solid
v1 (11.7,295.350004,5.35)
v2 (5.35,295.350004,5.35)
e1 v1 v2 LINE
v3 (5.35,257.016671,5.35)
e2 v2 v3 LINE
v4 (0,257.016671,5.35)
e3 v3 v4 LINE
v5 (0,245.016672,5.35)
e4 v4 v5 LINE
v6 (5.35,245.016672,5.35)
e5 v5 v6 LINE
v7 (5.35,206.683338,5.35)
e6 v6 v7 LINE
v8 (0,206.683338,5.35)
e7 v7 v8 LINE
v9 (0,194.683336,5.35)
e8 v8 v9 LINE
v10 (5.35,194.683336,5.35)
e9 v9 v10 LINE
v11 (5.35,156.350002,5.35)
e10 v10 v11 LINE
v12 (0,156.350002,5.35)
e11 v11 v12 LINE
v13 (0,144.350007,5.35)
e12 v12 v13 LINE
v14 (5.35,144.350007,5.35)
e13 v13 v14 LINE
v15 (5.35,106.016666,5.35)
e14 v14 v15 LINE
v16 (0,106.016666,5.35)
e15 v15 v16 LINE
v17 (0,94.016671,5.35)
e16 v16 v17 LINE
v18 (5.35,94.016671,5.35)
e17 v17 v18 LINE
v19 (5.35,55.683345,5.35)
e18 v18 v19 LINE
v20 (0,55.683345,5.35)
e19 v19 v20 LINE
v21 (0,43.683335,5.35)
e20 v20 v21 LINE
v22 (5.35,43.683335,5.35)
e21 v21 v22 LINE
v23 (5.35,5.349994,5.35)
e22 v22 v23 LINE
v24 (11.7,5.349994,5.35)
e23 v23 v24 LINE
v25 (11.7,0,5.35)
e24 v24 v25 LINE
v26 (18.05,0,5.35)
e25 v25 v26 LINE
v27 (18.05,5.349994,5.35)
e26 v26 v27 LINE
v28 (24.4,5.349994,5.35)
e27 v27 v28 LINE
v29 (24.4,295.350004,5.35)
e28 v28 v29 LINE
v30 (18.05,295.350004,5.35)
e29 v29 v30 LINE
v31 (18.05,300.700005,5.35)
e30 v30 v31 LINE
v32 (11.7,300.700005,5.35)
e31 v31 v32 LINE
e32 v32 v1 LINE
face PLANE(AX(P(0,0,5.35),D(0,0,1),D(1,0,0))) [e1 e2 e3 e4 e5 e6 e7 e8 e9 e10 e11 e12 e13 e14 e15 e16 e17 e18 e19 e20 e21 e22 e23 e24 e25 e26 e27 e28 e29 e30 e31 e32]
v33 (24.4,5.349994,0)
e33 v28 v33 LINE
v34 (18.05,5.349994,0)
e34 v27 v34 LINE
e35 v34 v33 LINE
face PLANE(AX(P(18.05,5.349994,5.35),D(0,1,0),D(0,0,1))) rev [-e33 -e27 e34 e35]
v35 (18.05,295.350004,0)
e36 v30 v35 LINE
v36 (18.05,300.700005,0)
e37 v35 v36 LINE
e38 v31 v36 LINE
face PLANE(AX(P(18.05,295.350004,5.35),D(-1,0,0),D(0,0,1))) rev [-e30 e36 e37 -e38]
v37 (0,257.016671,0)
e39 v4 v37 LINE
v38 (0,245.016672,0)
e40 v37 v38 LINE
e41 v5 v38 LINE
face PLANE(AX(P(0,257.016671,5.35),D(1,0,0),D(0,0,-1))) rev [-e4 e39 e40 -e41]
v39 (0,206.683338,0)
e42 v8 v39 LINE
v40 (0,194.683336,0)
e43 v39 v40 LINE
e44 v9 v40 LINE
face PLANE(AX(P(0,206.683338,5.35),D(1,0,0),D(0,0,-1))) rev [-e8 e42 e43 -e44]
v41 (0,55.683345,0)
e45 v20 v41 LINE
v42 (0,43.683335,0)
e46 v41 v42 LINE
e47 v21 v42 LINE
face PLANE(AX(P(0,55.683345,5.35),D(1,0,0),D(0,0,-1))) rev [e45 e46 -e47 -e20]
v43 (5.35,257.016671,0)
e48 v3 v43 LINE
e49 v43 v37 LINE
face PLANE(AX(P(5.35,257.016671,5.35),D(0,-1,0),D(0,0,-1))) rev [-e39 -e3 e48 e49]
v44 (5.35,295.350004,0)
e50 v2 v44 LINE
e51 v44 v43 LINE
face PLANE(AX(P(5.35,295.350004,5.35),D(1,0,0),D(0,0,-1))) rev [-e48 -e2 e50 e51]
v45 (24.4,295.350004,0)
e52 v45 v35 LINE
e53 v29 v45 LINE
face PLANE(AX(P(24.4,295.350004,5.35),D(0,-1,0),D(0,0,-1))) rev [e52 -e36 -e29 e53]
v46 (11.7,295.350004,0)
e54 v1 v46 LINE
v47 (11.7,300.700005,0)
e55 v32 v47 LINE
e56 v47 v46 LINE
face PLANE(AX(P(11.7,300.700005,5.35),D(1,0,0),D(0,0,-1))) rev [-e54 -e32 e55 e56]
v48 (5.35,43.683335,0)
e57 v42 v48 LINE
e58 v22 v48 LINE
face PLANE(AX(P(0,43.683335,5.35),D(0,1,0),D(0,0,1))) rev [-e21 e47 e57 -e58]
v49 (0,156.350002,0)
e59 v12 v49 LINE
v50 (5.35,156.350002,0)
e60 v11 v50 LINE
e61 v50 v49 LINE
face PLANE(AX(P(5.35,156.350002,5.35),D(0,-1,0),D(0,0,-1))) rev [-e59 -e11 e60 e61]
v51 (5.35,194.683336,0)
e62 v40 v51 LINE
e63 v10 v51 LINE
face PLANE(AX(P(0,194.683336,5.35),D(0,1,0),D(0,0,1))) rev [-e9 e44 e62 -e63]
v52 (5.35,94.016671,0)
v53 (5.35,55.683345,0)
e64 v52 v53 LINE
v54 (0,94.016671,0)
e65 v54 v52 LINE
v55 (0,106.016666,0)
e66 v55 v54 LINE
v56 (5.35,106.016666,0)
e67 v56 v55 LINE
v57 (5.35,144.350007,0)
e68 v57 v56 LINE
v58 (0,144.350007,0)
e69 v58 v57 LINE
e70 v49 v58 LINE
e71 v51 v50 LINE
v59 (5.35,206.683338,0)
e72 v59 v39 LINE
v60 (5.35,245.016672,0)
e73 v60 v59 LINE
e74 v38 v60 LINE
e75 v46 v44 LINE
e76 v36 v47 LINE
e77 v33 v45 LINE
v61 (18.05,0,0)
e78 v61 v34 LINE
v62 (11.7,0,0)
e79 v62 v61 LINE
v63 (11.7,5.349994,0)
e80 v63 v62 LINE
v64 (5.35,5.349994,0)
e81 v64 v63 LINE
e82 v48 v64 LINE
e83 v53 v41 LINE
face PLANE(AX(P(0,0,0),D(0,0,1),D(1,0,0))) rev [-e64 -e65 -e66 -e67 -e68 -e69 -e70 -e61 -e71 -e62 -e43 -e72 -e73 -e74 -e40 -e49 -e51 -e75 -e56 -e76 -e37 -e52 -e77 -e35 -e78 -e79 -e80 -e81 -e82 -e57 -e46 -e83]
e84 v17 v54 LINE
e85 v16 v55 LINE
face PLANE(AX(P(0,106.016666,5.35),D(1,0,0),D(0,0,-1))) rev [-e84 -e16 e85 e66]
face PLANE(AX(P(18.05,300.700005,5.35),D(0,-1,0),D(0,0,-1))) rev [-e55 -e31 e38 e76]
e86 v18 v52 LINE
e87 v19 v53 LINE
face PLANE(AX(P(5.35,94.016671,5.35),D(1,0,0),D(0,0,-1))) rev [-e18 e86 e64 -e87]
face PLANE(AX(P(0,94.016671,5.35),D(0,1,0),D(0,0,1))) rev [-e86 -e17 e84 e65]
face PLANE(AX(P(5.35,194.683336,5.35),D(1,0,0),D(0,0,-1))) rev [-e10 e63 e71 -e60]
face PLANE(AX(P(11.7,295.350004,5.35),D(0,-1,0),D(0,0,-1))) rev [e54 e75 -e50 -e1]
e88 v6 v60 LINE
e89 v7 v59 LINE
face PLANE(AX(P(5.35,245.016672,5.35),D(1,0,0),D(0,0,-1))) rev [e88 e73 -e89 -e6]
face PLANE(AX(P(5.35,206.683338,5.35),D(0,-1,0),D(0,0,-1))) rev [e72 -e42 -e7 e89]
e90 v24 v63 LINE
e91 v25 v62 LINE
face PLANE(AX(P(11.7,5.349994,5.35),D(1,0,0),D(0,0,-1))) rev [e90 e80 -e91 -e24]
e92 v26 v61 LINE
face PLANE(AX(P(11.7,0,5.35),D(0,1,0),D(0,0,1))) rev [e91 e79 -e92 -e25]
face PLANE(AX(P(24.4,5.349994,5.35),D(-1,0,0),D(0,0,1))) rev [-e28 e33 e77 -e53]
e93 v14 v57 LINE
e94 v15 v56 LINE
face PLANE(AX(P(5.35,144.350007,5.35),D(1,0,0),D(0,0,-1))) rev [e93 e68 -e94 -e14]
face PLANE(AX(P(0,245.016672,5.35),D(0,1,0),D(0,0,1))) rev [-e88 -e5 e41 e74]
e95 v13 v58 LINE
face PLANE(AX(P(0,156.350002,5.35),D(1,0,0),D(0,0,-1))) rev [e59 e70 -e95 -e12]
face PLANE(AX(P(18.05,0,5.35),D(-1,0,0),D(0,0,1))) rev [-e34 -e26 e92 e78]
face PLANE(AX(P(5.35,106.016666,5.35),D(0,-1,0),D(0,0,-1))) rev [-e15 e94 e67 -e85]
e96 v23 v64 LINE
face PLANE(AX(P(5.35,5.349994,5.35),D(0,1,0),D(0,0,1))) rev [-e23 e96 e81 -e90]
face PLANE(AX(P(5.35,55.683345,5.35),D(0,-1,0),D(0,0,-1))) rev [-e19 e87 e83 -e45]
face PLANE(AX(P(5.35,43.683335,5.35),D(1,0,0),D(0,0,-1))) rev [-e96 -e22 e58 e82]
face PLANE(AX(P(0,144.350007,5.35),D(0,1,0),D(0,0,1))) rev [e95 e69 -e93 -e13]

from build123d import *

# Parameters (mm, degrees)
BOSS_EXTRUDE1_DEPTH = 5.35


with BuildPart() as part:
    # Model → Boss-Extrude1 (new body)
    with BuildSketch(Plane.XY):
        Polygon((24.40000046, 295.350003988), (18.050000072, 295.350003988), (18.050000072, 300.700005144), (11.700000148, 300.700005144), (11.700000148, 295.350003988), (5.350000225, 295.350003988), (5.350000225, 257.016671356), (0, 257.016671356), (0, 245.016671717), (5.350000225, 245.016671717), (5.350000225, 206.683337688), (0, 206.683337688), (0, 194.683335722), (5.350000225, 194.683335722), (5.350000225, 156.350001693), (0, 156.350001693), (0, 144.350007176), (5.350000225, 144.350007176), (5.350000225, 106.016665697), (0, 106.016665697), (0, 94.016671181), (5.350000225, 94.016671181), (5.350000225, 55.683344603), (0, 55.683344603), (0, 43.683335185), (5.350000225, 43.683335185), (5.350000225, 5.349993706), (11.700000148, 5.349993706), (11.700000148, 0), (18.050000072, 0), (18.050000072, 5.349993706), (24.40000046, 5.349993706), align=None)
    extrude(amount=BOSS_EXTRUDE1_DEPTH)


solid = part.part
